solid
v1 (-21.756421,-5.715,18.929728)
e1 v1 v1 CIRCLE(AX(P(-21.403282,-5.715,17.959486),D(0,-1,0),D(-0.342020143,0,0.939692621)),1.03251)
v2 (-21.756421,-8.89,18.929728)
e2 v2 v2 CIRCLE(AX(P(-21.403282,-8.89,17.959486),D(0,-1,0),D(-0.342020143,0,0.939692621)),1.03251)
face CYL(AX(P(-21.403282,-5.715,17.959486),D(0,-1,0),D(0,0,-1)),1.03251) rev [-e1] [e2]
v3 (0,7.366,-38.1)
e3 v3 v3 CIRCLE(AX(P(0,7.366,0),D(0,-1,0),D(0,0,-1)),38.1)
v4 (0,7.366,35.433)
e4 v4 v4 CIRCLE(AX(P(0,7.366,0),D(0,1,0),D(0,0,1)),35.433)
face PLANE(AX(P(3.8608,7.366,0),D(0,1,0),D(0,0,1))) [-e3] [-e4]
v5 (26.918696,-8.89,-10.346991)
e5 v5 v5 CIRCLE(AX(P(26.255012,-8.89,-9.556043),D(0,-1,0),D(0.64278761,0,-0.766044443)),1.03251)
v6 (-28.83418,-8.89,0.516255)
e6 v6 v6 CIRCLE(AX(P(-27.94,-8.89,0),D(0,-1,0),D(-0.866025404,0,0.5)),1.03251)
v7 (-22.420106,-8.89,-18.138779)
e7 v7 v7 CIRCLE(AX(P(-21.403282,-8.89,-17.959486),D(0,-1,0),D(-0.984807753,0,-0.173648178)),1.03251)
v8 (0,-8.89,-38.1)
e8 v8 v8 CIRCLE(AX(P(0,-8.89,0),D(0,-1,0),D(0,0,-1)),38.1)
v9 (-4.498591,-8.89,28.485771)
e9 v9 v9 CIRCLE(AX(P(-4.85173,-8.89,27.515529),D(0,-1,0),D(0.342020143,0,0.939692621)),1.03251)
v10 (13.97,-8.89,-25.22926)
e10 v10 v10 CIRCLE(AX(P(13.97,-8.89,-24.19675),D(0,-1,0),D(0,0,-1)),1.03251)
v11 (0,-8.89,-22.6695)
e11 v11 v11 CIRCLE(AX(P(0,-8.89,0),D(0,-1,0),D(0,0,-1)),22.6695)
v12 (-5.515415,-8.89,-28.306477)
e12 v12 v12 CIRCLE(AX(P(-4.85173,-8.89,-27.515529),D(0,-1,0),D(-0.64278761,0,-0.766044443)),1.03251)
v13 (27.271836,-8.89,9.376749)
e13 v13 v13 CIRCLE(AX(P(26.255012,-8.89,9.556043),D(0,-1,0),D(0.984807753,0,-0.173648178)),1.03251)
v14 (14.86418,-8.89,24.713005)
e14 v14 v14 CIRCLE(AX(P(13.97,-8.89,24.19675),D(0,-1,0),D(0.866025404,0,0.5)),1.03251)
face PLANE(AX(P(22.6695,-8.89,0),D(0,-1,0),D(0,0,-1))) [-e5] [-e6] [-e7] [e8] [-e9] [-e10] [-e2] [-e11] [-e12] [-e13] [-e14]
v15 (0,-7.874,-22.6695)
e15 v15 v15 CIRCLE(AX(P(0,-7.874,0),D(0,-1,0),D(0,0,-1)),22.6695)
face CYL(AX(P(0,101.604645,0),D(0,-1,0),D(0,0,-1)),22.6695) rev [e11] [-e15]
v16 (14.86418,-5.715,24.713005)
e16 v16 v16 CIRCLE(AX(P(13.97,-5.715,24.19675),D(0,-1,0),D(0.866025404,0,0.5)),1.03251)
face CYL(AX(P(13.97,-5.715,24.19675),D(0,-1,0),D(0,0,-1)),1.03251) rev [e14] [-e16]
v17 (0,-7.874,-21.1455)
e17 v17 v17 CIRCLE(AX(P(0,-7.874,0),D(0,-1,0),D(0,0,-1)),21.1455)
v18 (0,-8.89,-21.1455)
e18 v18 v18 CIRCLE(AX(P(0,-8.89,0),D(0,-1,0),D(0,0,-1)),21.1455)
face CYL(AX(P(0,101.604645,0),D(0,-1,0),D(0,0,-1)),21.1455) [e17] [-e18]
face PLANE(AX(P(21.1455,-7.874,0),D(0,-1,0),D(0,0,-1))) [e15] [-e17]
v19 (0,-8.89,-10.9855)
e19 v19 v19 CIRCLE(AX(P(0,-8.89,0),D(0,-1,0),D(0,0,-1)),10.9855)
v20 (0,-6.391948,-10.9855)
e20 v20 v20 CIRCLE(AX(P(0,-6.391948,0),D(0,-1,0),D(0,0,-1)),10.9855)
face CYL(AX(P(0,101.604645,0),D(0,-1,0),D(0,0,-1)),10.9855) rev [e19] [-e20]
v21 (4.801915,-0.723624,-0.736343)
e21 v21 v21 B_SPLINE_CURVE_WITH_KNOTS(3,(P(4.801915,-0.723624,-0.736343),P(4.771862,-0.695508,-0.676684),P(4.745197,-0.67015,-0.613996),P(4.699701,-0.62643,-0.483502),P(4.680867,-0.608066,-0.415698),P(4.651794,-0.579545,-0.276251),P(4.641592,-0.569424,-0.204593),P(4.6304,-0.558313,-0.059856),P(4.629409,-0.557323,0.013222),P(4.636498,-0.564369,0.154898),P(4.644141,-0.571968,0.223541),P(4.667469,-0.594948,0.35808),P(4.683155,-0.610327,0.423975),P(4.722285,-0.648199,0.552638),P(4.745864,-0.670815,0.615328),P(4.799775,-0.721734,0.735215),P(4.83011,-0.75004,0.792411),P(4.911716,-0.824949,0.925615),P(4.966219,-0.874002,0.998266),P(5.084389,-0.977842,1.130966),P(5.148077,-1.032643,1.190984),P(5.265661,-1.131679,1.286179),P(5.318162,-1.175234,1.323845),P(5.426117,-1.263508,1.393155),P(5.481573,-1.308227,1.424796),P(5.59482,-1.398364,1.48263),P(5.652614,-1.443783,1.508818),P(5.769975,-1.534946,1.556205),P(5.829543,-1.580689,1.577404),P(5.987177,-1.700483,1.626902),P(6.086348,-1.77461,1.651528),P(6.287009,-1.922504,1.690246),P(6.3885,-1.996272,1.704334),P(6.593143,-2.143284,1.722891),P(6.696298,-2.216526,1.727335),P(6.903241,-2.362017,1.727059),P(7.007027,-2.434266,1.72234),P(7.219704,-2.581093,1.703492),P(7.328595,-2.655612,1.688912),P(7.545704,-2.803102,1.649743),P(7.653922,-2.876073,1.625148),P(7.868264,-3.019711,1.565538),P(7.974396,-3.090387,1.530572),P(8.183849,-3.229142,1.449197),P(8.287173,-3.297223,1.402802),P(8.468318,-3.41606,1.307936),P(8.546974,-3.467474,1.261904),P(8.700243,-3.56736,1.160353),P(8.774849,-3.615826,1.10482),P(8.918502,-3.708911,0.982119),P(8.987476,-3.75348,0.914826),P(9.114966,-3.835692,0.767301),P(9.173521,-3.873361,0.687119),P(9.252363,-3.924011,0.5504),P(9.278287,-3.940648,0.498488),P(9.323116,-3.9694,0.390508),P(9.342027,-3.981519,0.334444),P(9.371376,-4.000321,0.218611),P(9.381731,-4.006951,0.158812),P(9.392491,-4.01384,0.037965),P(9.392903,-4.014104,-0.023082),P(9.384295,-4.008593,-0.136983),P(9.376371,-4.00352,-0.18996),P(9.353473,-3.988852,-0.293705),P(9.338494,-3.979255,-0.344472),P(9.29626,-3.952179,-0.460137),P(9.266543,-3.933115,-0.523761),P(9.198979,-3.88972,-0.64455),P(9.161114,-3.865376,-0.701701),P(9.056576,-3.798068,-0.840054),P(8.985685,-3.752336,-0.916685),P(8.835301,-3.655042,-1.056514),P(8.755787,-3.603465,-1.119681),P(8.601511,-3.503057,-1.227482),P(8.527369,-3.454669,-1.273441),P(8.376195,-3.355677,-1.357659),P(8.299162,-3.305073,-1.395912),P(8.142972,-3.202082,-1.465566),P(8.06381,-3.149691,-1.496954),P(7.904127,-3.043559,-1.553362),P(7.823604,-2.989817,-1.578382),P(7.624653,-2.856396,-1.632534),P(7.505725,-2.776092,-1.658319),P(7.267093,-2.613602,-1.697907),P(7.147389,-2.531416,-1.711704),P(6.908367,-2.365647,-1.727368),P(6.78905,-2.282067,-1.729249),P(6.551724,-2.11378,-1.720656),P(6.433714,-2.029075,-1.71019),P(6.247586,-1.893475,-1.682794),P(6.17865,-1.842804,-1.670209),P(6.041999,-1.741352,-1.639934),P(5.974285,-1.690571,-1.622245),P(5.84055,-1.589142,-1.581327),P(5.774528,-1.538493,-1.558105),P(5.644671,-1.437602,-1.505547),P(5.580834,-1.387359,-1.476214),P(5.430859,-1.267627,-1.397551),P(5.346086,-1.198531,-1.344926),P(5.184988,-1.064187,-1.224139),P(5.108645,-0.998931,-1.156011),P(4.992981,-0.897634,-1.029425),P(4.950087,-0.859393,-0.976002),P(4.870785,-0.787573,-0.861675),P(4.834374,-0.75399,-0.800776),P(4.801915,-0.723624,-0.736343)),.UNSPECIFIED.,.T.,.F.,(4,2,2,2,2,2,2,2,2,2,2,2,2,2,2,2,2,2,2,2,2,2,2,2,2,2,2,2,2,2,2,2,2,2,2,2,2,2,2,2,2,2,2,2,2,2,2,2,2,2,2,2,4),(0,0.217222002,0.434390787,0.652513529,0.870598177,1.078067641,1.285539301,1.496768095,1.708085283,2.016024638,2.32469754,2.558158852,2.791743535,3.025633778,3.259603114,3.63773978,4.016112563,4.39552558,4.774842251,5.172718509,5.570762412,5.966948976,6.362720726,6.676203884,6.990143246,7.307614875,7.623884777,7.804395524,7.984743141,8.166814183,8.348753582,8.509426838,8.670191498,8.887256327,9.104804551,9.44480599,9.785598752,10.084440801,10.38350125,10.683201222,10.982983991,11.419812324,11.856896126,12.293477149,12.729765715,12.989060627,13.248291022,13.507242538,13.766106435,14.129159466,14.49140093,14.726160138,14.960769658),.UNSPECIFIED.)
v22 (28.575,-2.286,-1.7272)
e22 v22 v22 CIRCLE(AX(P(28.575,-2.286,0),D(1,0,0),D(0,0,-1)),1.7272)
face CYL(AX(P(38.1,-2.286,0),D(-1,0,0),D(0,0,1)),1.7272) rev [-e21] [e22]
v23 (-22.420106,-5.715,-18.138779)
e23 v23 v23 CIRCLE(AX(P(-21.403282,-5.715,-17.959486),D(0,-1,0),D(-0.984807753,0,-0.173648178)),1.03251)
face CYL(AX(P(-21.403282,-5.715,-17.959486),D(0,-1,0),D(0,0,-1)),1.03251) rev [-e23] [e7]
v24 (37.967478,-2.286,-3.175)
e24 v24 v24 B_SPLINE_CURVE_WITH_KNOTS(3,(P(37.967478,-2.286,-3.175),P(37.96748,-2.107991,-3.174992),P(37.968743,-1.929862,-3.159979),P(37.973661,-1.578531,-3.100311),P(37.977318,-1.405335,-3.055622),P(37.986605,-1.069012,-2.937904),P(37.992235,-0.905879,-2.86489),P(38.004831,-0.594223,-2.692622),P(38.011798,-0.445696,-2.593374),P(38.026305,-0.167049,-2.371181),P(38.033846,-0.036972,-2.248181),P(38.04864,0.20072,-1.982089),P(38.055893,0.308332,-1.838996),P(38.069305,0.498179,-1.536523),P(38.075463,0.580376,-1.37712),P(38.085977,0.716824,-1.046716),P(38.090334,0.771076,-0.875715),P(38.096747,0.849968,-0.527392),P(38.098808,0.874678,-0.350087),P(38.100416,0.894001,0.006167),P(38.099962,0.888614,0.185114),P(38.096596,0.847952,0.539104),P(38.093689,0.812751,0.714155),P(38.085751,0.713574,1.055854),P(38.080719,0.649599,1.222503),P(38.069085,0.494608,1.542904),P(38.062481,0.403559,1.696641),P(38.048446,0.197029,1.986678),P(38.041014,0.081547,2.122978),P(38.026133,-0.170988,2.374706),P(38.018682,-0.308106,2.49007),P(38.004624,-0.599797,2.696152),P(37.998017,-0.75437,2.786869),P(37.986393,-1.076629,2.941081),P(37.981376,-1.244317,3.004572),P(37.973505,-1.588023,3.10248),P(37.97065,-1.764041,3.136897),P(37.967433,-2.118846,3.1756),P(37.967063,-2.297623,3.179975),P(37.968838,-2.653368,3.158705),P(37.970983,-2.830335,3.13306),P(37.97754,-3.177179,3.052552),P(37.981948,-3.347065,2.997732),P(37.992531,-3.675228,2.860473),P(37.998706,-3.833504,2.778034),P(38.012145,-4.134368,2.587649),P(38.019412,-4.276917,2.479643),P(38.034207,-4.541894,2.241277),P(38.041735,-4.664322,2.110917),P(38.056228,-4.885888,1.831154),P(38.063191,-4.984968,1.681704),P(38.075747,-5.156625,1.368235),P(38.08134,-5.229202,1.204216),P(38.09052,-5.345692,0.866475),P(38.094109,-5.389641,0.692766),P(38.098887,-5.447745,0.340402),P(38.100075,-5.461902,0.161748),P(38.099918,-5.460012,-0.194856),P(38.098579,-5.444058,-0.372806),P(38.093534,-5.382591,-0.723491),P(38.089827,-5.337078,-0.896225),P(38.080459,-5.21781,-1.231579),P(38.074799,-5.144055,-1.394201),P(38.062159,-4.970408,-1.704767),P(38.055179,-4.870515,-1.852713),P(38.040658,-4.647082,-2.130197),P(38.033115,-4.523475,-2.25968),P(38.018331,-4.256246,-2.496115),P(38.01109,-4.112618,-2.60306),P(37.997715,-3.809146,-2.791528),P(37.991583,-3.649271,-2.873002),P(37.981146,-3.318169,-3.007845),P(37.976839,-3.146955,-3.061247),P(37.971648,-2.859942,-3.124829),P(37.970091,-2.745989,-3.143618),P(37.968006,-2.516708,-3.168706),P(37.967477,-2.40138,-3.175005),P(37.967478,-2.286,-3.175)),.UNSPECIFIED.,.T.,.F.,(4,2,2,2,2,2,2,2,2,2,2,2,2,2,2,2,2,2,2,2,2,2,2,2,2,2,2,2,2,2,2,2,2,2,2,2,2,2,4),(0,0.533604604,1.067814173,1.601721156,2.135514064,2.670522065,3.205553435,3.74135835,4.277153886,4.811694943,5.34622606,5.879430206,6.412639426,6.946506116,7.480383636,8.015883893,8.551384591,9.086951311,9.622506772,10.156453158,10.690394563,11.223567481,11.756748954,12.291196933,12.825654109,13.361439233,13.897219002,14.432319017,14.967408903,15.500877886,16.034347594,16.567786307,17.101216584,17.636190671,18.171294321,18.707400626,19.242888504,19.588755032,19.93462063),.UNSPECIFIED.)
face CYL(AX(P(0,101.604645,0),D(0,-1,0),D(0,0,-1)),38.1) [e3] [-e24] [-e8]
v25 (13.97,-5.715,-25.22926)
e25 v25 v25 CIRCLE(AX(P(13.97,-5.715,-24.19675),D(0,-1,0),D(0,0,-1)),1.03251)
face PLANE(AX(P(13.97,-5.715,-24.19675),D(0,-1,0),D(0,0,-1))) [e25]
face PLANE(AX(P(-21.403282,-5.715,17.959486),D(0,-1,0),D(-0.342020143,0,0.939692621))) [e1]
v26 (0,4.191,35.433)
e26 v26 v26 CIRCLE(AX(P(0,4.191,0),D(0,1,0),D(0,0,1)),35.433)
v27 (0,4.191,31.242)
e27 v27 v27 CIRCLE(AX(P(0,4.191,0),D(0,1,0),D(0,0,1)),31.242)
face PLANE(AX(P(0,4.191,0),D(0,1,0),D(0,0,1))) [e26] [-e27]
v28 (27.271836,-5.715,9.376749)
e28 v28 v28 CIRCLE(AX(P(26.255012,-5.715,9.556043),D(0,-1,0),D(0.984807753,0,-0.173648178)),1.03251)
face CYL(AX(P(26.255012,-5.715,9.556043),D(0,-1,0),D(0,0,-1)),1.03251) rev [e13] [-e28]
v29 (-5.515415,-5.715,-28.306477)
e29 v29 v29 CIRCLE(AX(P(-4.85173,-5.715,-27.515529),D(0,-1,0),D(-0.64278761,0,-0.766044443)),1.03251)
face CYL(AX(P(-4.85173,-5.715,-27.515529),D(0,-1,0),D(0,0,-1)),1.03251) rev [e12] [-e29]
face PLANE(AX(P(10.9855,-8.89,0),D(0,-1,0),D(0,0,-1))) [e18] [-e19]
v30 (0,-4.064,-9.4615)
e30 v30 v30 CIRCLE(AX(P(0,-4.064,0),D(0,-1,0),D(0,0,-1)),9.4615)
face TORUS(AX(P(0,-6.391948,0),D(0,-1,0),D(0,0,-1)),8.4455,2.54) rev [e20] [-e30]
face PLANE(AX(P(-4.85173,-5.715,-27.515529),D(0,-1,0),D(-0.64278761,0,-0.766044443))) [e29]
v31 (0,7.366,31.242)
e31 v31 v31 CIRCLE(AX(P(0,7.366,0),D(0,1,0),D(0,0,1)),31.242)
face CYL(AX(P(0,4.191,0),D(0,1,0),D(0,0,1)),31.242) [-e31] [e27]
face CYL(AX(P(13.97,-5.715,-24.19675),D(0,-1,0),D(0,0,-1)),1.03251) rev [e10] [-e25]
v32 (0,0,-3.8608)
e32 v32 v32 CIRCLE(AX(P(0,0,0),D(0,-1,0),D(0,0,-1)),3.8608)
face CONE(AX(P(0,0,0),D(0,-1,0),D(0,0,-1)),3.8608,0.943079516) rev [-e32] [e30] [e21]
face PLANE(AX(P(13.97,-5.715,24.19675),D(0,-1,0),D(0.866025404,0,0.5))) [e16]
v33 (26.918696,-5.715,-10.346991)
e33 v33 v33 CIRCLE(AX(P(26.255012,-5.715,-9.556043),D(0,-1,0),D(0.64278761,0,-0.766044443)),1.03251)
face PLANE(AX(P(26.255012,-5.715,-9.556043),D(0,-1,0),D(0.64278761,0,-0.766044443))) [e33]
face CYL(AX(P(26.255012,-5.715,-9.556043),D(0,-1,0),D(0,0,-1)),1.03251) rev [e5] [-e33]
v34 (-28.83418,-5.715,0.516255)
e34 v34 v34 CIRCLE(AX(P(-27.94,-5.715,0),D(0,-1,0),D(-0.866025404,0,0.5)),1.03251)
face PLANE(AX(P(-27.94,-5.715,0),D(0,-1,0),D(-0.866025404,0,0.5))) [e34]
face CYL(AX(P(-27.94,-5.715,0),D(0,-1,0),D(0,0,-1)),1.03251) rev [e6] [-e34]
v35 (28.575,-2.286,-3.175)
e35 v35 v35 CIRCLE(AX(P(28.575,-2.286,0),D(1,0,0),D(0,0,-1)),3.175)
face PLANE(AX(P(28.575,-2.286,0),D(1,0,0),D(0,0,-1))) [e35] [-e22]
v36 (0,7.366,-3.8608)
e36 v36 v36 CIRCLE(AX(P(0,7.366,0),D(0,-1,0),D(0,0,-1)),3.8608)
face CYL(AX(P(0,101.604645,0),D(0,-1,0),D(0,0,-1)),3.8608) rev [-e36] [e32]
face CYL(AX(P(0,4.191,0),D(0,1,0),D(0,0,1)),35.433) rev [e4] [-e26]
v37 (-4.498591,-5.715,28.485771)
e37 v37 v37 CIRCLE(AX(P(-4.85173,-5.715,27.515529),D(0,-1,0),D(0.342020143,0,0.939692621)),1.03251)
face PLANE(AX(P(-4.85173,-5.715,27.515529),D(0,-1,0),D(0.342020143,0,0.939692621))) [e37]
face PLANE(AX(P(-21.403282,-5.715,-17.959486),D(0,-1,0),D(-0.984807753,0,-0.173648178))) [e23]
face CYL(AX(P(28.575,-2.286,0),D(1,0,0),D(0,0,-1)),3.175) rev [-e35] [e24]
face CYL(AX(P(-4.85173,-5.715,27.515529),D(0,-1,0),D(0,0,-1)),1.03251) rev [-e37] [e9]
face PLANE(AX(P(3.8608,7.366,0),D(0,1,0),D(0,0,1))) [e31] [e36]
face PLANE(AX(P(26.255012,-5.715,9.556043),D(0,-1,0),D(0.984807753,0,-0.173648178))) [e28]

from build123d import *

# Parameters (mm, degrees)
SKETCH2_R          = 1.7272
CUT_EXTRUDE1_DEPTH = 55.61
SKETCH3_R          = 35.433
SKETCH3_R_2        = 31.242
CUT_EXTRUDE2_DEPTH = 3.175
SKETCH4_R          = 1.03251
CUT_EXTRUDE3_DEPTH = 3.175
CIRPATTERN1_COUNT  = 9
SKETCH5_R          = 3.175
CUT_EXTRUDE4_DEPTH = 9.525


with BuildPart() as part:
    # Sketch1 → Revolve1 (revolve)
    with BuildSketch(Plane.XY):
        with BuildLine():
            Line((3.8608, 7.366), (38.1, 7.366))
            Line((38.1, 7.366), (38.1, -8.89))
            Line((38.1, -8.89), (22.6695, -8.89))
            Line((22.6695, -8.89), (22.6695, -7.874))
            Line((22.6695, -7.874), (21.1455, -7.874))
            Line((21.1455, -7.874), (21.1455, -8.89))
            Line((21.1455, -8.89), (10.9855, -8.89))
            Line((10.9855, -8.89), (10.9855, -6.391948453))
            ThreePointArc((10.9855, -6.391948453), (10.570616467, -5.000733157), (9.4615, -4.064))
            Line((9.4615, -4.064), (3.8608, 0))
            Line((3.8608, 0), (3.8608, 7.366))
        make_face()
    revolve(axis=Axis((0, 101.60464546, 0), (0, 1, 0)))

    # Sketch2 → Cut-Extrude1 (cut, through all)
    with BuildSketch(Plane(origin=(0, 0, 0), x_dir=(0, 0, -1), z_dir=(1, 0, 0))):
        with Locations((0, -2.286)):
            Circle(SKETCH2_R)
    extrude(amount=CUT_EXTRUDE1_DEPTH, mode=Mode.SUBTRACT)

    # Sketch3 → Cut-Extrude2 (cut)
    with BuildSketch(Plane(origin=(0, 7.366, 0), x_dir=(1, 0, 0), z_dir=(0, 1, 0))):
        Circle(SKETCH3_R)
        Circle(SKETCH3_R_2, mode=Mode.SUBTRACT)
    extrude(amount=-CUT_EXTRUDE2_DEPTH, mode=Mode.SUBTRACT)

    # Sketch4 → Cut-Extrude3 (cut)
    with BuildSketch(Plane(origin=(0, -8.89, 0), x_dir=(-1, 0, 0), z_dir=(0, -1, 0))):
        with Locations((-13.97, 24.196749782)):
            Circle(SKETCH4_R)
    cut_extrude3 = extrude(amount=-CUT_EXTRUDE3_DEPTH, mode=Mode.SUBTRACT)

    # CirPattern1: Cut-Extrude3 ×9 about axis
    cirpattern1_axis = Axis((0, 7.366, 0), (0, -1, 0))
    for i in range(1, CIRPATTERN1_COUNT):
        add(cut_extrude3.rotate(cirpattern1_axis, i * 360 / CIRPATTERN1_COUNT), mode=Mode.SUBTRACT)

    # Sketch5 → Cut-Extrude4 (cut)
    with BuildSketch(Plane(origin=(38.1, 0, 0), x_dir=(0, 0, -1), z_dir=(1, 0, 0))):
        with Locations((0, -2.286)):
            Circle(SKETCH5_R)
    extrude(amount=-CUT_EXTRUDE4_DEPTH, mode=Mode.SUBTRACT)


solid = part.part
